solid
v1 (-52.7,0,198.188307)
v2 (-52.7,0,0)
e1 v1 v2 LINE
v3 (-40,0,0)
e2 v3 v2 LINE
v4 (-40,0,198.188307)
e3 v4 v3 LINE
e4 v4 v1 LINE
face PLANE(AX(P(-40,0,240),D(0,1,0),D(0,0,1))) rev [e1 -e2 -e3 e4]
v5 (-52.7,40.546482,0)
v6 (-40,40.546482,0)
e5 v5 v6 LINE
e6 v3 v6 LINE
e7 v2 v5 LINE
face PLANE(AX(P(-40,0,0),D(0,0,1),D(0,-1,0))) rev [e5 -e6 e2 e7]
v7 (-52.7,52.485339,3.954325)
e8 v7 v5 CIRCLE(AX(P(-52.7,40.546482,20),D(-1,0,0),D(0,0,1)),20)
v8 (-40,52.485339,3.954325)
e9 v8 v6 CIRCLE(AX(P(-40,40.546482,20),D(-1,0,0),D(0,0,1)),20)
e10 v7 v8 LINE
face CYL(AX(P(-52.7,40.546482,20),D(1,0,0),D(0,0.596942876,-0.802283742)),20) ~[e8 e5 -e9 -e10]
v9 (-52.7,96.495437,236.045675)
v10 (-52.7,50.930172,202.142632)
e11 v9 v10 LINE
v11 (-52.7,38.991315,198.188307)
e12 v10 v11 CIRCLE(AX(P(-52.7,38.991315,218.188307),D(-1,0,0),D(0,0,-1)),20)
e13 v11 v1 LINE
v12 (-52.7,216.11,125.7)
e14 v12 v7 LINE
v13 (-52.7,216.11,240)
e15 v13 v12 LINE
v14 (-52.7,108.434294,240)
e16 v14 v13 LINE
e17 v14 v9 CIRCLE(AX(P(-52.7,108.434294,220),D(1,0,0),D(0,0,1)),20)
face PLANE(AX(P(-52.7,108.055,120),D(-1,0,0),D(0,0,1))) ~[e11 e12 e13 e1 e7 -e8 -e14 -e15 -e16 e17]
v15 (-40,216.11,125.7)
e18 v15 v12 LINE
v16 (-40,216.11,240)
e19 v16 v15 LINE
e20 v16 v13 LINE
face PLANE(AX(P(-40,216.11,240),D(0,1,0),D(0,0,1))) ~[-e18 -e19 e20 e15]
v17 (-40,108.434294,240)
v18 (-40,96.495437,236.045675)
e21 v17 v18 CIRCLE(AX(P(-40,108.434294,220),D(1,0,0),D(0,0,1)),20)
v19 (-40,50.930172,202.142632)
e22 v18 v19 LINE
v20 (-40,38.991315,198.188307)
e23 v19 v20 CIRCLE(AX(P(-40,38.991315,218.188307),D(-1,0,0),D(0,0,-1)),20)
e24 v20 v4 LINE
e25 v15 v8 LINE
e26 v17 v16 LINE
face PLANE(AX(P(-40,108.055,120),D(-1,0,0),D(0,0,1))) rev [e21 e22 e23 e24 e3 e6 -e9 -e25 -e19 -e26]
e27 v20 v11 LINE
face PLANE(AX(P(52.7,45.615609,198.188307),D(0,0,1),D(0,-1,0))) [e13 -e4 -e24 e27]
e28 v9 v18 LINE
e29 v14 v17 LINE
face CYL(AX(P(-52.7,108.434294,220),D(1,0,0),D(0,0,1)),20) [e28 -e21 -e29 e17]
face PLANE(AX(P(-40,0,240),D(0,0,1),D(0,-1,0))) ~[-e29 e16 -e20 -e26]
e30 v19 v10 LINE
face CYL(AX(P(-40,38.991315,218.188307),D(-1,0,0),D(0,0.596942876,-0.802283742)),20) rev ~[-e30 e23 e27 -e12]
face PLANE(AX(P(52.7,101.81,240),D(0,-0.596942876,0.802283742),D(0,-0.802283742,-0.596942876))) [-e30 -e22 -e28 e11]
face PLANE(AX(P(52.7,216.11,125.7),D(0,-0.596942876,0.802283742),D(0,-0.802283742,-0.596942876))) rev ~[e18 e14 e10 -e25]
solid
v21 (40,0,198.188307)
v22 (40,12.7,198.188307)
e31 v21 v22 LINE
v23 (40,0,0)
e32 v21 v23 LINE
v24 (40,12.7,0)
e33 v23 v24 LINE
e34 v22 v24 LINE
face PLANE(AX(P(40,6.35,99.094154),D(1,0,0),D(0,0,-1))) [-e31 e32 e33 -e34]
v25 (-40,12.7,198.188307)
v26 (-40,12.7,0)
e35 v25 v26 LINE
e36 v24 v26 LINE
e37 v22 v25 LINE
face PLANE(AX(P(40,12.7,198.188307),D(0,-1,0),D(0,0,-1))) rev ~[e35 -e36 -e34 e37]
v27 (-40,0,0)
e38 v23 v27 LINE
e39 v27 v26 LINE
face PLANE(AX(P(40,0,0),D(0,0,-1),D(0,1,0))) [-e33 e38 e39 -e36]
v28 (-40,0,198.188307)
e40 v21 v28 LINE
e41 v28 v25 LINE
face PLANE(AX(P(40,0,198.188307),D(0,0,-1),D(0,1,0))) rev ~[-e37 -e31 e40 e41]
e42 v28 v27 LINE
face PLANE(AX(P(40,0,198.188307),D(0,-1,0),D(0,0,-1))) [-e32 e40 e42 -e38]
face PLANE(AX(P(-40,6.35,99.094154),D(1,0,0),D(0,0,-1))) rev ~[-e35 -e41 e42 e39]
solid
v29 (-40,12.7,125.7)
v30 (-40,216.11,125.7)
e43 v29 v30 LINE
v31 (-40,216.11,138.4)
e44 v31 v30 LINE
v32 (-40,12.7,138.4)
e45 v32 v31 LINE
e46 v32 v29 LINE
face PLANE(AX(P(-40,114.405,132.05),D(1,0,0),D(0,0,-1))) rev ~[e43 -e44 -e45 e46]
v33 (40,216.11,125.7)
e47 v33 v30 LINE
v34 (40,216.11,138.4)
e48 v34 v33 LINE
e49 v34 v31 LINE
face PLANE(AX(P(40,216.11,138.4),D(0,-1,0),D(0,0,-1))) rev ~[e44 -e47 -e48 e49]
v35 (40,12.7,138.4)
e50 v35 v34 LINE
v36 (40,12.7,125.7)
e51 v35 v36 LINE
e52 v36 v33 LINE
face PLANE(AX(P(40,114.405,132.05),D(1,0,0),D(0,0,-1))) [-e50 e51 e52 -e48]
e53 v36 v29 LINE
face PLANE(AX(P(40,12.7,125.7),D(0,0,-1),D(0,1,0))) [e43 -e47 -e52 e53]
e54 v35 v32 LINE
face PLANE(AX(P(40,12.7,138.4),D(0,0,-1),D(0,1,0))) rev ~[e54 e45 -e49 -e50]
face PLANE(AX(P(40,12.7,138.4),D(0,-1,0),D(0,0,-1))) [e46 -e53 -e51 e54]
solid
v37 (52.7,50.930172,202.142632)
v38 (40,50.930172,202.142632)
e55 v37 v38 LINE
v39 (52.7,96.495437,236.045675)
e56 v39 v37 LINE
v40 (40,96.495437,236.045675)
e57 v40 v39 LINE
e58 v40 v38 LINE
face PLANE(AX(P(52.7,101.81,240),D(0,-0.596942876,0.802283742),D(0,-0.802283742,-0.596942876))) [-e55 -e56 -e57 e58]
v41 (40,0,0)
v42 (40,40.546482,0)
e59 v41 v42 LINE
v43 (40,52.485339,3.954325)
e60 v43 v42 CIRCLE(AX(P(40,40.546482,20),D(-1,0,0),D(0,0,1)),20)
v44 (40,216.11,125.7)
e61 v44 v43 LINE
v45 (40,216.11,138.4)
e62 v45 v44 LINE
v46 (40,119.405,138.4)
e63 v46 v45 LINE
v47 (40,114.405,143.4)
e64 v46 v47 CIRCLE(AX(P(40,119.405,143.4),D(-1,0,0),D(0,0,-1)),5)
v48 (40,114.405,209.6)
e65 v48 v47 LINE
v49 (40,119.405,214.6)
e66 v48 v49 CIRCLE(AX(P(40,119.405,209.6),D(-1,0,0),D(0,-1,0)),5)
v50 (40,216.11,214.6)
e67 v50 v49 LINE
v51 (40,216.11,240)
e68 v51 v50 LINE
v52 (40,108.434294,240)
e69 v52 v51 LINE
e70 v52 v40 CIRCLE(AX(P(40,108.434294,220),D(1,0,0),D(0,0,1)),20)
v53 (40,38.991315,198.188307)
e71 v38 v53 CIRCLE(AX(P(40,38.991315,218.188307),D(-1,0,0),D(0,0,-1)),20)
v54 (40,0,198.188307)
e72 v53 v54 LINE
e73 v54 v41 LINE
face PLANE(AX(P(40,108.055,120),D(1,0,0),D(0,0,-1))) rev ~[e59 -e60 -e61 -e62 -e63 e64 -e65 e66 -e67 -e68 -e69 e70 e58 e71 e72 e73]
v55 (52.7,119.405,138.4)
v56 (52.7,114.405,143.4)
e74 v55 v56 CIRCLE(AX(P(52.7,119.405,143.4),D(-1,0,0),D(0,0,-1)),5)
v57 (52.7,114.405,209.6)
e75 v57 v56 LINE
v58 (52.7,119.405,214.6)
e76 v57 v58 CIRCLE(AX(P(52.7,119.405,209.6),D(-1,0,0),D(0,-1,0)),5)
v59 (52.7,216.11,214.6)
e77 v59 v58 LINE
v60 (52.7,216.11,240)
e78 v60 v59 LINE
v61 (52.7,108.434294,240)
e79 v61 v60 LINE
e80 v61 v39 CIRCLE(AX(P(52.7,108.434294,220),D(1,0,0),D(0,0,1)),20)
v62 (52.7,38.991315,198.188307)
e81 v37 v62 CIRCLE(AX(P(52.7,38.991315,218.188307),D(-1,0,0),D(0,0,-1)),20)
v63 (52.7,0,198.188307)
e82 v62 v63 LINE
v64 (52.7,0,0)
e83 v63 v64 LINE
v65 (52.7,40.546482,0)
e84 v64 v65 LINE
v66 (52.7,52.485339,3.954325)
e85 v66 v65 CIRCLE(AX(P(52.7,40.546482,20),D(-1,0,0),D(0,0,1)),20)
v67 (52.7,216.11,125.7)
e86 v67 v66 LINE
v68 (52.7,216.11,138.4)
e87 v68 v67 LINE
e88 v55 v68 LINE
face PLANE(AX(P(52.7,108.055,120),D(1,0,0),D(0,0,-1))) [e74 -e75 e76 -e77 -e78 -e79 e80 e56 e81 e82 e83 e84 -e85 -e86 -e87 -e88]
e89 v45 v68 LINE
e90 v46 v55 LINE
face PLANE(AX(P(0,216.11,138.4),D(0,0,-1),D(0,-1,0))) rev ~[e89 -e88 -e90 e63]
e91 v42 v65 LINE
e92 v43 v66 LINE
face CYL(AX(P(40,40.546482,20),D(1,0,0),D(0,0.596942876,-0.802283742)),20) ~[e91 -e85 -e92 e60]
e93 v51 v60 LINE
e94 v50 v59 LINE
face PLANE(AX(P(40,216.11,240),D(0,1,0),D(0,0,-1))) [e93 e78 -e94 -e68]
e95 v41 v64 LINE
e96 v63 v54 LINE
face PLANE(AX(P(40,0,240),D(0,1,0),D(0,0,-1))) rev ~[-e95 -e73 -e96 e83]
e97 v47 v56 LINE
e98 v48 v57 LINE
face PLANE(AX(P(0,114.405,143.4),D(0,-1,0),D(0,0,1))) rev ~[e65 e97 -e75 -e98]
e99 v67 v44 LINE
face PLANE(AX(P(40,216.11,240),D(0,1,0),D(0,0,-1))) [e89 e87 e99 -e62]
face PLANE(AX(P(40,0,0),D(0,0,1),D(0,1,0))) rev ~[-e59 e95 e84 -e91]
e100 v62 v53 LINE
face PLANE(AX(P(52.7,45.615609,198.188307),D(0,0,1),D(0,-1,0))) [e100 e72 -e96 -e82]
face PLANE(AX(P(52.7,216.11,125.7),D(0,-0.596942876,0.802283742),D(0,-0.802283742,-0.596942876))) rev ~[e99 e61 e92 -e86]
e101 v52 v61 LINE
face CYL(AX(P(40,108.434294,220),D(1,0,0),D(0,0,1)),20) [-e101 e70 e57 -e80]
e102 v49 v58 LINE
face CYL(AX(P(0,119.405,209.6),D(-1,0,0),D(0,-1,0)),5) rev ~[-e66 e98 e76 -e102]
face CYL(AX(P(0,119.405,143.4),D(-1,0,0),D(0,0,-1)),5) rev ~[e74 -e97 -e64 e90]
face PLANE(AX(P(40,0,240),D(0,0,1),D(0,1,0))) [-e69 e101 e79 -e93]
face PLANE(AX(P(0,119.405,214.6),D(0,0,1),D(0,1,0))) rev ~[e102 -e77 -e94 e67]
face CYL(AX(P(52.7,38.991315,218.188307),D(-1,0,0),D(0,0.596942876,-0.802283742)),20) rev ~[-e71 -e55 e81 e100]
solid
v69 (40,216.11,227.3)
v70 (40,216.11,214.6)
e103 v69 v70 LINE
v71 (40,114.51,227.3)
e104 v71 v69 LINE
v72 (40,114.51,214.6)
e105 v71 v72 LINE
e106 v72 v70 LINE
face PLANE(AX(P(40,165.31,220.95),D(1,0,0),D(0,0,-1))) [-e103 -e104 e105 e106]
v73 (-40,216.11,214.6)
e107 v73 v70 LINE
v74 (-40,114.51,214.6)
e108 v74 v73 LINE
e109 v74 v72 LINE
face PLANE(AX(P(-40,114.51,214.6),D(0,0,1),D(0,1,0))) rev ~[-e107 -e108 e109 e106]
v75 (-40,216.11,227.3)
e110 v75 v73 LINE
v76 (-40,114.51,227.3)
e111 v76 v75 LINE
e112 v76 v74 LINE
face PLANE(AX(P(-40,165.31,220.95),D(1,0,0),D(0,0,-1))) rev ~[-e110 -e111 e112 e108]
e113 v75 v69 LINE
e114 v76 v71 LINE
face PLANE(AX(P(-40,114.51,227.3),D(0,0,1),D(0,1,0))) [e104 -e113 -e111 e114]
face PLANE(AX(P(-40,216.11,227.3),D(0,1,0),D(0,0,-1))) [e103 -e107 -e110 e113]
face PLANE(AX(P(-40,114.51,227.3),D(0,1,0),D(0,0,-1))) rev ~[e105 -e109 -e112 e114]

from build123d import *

# Parameters (mm, degrees)
BOSS_EXTRUDE1_START     = 40
SKETCH1_W               = 240
SKETCH1_H               = 216.11
BOSS_EXTRUDE1_DEPTH     = 12.7
CUT_EXTRUDE1_DEPTH      = 1
CUT_EXTRUDE1_DEPTH_BACK = 106.4
BOSS_EXTRUDE2_START     = -12.7
SKETCH3_W               = 198.18830704
SKETCH3_H               = 12.7
BOSS_EXTRUDE2_DEPTH     = 80
BOSS_EXTRUDE3_START     = -12.7
SKETCH4_W               = 12.7
SKETCH4_H               = 203.41
BOSS_EXTRUDE3_DEPTH     = 80
SKETCH5_W               = 12.7
SKETCH5_H               = 101.6
BOSS_EXTRUDE4_DEPTH     = 80
CUT_EXTRUDE2_DEPTH      = 223.7
FILLET1_R               = 20
FILLET2_R               = 20


with BuildPart() as part:
    # Sketch1 → Boss-Extrude1 (new body)
    with BuildSketch(Plane(origin=(0, 0, 0), x_dir=(0, 0, -1), z_dir=(1, 0, 0)).offset(BOSS_EXTRUDE1_START)):
        with Locations((-120, 108.055)):
            Rectangle(SKETCH1_W, SKETCH1_H)
    extrude(amount=BOSS_EXTRUDE1_DEPTH)


with BuildPart() as body_2:
    # Mirror3: mirrored copy
    add(part.part.mirror(Plane(origin=(0, 0, 0), x_dir=(0, 0, 1), z_dir=(1, 0, 0))))


with BuildPart() as cut_extrude1_tool:
    # Sketch2 → Cut-Extrude1 (new body, two sides)
    with BuildSketch(Plane(origin=(52.7, 0, 0), x_dir=(0, 0, -1), z_dir=(1, 0, 0))) as cut_extrude1_sk:
        Polygon((-125.7, 216.11), (0, 47.170775707), (0, 216.11), align=None)
        Polygon((-240, 101.81), (-198.18830704, 45.615608791), (-198.18830704, 0), (-240, 0), align=None)
    extrude(amount=CUT_EXTRUDE1_DEPTH)
    extrude(cut_extrude1_sk.sketch, amount=-CUT_EXTRUDE1_DEPTH_BACK)


with BuildPart() as part_1:
    add(part.part)

    # Cut-Extrude1: cut by cut_extrude1_tool
    add(cut_extrude1_tool.part, mode=Mode.SUBTRACT)

    # Sketch7 → Cut-Extrude2 (cut)
    with BuildSketch(Plane(origin=(0, 0, 0), x_dir=(0, 0, -1), z_dir=(1, 0, 0))):
        with BuildLine():
            Line((-214.6, 216.11), (-138.4, 216.11))
            Line((-138.4, 216.11), (-138.4, 119.405))
            ThreePointArc((-138.4, 119.405), (-139.864466094, 115.869466094), (-143.4, 114.405))
            Line((-143.4, 114.405), (-209.6, 114.405))
            ThreePointArc((-209.6, 114.405), (-213.135533906, 115.869466094), (-214.6, 119.405))
            Line((-214.6, 119.405), (-214.6, 216.11))
        make_face()
    extrude(amount=CUT_EXTRUDE2_DEPTH, mode=Mode.SUBTRACT)

    # Fillet1
    fillet1_edges = [part_1.edges().sort_by_distance(p)[0] for p in [
        (46.35, 47.170775707, 0),
        (46.35, 101.81, 240),
        (46.35, 45.615608791, 198.18830704),
    ]]
    fillet(fillet1_edges, radius=FILLET1_R)


with BuildPart() as body_2_1:
    add(body_2.part)

    # Cut-Extrude1: cut by cut_extrude1_tool
    add(cut_extrude1_tool.part, mode=Mode.SUBTRACT)

    # Fillet2
    fillet2_edges = [body_2_1.edges().sort_by_distance(p)[0] for p in [
        (-46.35, 47.170775707, 0),
        (-46.35, 101.81, 240),
        (-46.35, 45.615608791, 198.18830704),
    ]]
    fillet(fillet2_edges, radius=FILLET2_R)


with BuildPart() as body_3:
    # Sketch3 → Boss-Extrude2 (new body)
    with BuildSketch(Plane(origin=(52.7, 0, 0), x_dir=(0, 0, -1), z_dir=(1, 0, 0)).offset(BOSS_EXTRUDE2_START)):
        with Locations((-99.09415352, 6.35)):
            Rectangle(SKETCH3_W, SKETCH3_H)
    extrude(amount=-BOSS_EXTRUDE2_DEPTH)


with BuildPart() as body_4:
    # Sketch4 → Boss-Extrude3 (new body)
    with BuildSketch(Plane(origin=(52.7, 0, 0), x_dir=(0, 0, -1), z_dir=(1, 0, 0)).offset(BOSS_EXTRUDE3_START)):
        with Locations((-132.05, 114.405)):
            Rectangle(SKETCH4_W, SKETCH4_H)
    extrude(amount=-BOSS_EXTRUDE3_DEPTH)


with BuildPart() as body_5:
    # Sketch5 → Boss-Extrude4 (new body)
    with BuildSketch(Plane(origin=(-40, 0, 0), x_dir=(0, 0, -1), z_dir=(1, 0, 0))):
        with Locations((-220.95, 165.31)):
            Rectangle(SKETCH5_W, SKETCH5_H)
    extrude(amount=BOSS_EXTRUDE4_DEPTH)


solid = Compound([part_1.part, body_2_1.part, body_3.part, body_4.part, body_5.part])
